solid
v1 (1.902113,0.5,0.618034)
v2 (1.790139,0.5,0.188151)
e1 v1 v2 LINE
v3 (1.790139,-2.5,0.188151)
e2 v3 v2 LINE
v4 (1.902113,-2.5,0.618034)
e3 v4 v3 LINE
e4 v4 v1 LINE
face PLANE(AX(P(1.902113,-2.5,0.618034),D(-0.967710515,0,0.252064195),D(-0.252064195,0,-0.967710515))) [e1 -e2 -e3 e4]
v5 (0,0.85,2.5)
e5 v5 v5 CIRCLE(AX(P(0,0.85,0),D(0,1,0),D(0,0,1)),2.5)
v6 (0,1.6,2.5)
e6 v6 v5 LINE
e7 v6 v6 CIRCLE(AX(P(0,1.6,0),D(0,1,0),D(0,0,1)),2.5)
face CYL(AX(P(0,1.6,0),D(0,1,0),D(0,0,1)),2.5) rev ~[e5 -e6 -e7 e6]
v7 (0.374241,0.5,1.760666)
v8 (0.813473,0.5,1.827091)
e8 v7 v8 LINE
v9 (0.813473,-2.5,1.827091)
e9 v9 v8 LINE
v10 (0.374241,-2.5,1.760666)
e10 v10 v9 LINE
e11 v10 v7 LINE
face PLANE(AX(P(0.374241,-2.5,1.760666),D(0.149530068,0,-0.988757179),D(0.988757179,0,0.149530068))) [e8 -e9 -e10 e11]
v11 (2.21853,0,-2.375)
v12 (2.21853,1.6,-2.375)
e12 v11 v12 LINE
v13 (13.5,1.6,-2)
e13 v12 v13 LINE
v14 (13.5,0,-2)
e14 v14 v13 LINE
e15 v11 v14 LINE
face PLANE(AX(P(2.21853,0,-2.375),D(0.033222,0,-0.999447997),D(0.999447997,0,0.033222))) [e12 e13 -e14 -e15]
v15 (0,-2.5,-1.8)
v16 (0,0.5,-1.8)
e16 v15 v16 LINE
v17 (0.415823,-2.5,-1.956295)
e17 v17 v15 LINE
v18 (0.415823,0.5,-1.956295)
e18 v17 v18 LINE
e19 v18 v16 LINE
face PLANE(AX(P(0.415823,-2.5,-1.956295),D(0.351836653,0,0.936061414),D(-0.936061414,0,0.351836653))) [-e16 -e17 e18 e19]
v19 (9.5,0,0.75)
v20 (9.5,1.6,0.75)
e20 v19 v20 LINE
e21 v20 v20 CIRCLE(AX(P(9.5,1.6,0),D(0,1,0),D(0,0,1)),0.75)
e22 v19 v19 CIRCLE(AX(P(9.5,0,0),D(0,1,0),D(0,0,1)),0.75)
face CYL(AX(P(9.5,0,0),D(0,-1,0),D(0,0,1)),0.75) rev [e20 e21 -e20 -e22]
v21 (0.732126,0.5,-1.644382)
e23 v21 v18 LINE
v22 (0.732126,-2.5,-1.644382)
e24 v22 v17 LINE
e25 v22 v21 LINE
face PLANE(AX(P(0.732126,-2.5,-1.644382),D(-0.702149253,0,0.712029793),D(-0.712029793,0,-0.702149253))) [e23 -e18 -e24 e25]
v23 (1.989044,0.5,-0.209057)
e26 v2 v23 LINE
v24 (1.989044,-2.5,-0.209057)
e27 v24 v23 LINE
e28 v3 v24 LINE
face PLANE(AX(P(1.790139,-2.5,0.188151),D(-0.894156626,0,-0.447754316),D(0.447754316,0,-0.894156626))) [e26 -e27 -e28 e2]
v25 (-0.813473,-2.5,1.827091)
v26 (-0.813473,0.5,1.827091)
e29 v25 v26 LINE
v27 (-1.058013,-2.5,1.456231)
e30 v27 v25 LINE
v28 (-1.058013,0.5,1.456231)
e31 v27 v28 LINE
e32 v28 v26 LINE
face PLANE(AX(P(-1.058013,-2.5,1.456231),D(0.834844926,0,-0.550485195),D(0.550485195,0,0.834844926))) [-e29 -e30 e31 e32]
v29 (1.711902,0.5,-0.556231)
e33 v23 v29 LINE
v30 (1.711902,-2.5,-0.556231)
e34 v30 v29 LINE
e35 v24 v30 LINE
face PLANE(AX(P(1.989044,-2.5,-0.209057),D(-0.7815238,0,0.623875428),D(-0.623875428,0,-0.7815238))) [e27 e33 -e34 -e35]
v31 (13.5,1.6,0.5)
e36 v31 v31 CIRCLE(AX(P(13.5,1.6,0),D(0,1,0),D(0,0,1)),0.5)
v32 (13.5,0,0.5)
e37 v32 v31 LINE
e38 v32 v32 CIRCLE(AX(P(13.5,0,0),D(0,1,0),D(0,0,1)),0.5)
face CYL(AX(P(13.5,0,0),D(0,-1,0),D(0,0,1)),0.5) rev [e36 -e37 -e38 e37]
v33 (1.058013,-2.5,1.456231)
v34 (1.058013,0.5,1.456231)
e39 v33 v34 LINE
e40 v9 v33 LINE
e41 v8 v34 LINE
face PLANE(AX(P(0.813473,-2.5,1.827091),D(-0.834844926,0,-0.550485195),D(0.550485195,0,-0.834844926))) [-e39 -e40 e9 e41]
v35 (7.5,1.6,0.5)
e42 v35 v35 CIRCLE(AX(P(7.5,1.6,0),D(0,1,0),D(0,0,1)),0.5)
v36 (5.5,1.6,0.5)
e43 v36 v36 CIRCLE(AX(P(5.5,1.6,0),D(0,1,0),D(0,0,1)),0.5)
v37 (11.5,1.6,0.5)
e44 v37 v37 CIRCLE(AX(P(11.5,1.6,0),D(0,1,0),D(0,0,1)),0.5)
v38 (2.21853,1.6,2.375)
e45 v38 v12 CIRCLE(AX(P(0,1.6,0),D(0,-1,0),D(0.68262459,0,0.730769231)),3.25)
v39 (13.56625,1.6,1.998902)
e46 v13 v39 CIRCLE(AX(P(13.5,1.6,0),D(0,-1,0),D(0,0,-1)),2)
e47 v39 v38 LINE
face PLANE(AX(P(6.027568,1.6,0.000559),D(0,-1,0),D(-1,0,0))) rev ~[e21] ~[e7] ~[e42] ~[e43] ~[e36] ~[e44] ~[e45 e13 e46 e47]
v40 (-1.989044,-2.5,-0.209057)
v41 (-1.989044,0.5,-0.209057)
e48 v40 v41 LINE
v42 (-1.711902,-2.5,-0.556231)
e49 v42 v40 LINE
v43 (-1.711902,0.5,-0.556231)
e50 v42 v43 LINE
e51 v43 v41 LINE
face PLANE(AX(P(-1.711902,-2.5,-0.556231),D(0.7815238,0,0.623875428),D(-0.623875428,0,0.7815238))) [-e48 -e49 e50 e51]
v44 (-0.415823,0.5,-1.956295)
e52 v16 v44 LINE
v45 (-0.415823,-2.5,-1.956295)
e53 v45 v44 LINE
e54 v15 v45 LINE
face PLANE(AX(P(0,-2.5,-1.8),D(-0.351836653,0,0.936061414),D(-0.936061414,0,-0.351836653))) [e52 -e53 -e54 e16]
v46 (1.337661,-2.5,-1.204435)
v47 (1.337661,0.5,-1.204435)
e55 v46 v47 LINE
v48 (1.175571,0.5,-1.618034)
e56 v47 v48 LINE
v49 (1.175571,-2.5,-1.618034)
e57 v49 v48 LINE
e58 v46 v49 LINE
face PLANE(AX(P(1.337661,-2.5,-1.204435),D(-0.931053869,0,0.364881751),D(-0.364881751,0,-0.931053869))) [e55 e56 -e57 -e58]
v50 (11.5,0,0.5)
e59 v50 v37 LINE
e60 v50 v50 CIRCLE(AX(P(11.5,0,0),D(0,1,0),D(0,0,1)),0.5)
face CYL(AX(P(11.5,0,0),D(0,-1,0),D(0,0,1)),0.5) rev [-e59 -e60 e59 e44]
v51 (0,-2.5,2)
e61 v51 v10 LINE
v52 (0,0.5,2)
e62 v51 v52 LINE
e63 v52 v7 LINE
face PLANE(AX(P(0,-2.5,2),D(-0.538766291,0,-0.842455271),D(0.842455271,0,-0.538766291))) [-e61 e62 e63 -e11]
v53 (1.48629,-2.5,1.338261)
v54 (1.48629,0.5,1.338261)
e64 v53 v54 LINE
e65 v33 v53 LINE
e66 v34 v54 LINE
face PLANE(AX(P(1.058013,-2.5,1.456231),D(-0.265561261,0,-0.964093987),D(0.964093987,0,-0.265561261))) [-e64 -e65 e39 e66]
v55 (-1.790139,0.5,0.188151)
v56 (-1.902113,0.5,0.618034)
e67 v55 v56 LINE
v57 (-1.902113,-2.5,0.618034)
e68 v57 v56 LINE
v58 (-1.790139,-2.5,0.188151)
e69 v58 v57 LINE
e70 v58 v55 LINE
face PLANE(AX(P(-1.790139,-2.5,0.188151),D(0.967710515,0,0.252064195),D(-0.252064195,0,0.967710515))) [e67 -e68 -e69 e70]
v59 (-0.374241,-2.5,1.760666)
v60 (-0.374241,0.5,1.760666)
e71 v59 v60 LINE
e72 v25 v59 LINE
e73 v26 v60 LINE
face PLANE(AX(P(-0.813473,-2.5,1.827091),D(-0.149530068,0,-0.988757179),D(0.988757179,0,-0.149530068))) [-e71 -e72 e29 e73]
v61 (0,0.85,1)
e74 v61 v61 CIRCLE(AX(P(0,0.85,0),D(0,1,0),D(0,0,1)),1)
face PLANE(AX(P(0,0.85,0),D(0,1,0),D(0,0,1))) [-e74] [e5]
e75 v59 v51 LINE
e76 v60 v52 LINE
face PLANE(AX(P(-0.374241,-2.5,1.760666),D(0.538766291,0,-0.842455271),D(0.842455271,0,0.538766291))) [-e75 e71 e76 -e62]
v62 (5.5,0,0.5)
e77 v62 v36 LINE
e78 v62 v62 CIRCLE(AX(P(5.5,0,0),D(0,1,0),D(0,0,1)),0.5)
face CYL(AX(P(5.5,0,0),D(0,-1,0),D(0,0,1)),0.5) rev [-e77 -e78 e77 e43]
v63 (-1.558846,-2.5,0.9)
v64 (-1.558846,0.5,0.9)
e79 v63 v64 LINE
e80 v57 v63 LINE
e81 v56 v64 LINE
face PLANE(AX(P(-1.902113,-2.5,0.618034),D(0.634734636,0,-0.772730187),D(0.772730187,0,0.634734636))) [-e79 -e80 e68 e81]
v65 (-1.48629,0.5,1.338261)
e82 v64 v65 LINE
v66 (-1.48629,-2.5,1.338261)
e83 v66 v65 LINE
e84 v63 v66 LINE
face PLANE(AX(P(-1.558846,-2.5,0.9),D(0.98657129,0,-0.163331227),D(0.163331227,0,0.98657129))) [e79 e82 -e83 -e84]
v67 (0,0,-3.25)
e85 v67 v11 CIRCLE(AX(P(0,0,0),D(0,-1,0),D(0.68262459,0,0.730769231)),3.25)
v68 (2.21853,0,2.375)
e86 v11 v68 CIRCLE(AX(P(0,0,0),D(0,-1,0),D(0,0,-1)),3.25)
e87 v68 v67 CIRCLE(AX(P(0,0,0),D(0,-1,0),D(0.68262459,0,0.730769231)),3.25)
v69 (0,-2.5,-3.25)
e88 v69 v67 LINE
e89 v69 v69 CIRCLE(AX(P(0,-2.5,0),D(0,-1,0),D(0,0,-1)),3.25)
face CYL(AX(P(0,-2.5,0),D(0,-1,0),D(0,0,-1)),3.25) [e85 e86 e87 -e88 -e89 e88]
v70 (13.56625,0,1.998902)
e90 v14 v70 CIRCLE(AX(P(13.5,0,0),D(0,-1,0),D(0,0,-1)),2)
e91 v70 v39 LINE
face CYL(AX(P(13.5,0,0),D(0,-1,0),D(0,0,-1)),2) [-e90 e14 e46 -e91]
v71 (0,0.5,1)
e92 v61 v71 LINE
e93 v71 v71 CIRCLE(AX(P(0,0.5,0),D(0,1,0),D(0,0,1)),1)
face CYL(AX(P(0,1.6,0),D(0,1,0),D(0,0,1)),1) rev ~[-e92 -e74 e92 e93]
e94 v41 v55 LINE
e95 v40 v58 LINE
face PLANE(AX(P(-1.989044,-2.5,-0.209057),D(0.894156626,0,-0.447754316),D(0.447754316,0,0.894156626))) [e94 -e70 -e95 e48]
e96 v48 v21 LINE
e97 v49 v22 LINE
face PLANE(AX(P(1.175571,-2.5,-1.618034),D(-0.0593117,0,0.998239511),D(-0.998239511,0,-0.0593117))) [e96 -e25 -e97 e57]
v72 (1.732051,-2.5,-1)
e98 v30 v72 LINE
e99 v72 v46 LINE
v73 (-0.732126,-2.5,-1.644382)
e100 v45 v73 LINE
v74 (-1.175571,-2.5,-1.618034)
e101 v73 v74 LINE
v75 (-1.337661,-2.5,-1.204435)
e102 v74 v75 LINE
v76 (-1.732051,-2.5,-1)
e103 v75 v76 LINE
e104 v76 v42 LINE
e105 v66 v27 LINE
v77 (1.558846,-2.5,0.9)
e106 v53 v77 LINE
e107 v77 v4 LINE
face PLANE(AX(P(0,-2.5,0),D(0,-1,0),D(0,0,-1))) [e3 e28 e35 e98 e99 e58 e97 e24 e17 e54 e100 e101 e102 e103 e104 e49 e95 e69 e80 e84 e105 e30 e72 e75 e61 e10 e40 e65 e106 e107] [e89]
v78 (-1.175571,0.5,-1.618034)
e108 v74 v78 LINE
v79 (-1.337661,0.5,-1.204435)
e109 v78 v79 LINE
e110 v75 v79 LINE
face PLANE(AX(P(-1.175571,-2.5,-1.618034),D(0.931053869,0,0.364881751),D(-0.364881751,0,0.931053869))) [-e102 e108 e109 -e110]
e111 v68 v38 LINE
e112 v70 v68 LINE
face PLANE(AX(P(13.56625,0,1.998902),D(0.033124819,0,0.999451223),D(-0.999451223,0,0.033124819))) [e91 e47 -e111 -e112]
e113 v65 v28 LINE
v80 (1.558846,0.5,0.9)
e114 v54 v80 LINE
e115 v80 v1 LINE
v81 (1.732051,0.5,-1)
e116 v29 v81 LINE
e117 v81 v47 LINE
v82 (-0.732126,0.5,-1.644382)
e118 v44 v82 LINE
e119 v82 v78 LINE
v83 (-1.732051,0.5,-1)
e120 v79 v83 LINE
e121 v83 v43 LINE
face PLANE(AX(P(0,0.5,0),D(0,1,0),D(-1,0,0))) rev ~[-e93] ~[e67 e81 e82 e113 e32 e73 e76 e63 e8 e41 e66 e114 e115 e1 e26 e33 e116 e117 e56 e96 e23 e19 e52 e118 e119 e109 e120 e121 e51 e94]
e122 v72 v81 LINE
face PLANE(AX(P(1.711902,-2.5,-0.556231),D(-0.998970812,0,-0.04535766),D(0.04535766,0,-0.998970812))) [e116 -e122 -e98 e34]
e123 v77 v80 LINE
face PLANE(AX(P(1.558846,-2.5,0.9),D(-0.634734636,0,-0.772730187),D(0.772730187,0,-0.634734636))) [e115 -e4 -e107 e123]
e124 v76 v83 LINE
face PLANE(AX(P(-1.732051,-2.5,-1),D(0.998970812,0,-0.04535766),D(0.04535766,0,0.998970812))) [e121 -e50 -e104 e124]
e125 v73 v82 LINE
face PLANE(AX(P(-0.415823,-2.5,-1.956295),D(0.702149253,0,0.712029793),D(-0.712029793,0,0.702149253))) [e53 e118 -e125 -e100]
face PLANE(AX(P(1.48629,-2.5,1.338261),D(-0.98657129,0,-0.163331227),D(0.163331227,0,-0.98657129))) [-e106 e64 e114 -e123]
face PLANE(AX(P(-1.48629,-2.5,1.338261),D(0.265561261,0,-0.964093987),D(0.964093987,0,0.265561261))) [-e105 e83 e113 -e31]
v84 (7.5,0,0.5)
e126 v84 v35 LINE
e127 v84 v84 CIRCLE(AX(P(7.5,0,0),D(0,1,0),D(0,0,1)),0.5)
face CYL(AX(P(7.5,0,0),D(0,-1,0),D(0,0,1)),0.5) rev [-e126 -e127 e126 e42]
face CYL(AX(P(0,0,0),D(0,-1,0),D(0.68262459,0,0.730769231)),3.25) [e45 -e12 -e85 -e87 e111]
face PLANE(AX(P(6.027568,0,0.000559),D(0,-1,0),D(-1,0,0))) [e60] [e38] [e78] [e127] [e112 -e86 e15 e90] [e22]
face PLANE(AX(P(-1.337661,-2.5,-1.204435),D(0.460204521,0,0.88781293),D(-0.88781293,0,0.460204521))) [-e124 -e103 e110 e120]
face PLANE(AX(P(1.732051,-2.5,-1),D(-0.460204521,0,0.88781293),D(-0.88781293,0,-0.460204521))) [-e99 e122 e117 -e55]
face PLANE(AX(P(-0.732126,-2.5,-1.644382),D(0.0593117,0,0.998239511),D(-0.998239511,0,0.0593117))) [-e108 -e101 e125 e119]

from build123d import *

# Parameters (mm, degrees)
SKETCH1_R           = 0.5
SKETCH1_R_2         = 0.75
BOSS_EXTRUDE1_DEPTH = 1.6
BOSS_EXTRUDE2_START = 2.5
SKETCH2_R           = 3.25
BOSS_EXTRUDE2_DEPTH = 2.5
SKETCH4_R           = 1
CUT_EXTRUDE1_DEPTH  = 17.359171739
CUT_EXTRUDE2_DEPTH  = 3
SKETCH3_R           = 2.5
CUT_EXTRUDE3_DEPTH  = 0.75


with BuildPart() as part:
    # Sketch1 → Boss-Extrude1 (new body)
    with BuildSketch(Plane(origin=(0, 0, 0), x_dir=(1, 0, 0), z_dir=(0, 1, 0))):
        with BuildLine():
            Line((2.218529919, 2.375), (13.5, 2))
            ThreePointArc((13.5, 2), (15.499725592, 0.033129364), (13.566249638, -1.998902445))
            Line((13.566249638, -1.998902445), (2.218529919, -2.375))
            ThreePointArc((2.218529919, -2.375), (-3.25, 0), (2.218529919, 2.375))
        make_face()
        with Locations(Location((13.5, 0, 0), (0, 0, 270))):
            Circle(SKETCH1_R, mode=Mode.SUBTRACT)
        with Locations(Location((11.5, 0, 0), (0, 0, 270))):
            Circle(SKETCH1_R, mode=Mode.SUBTRACT)
        with Locations(Location((9.5, 0, 0), (0, 0, 270))):
            Circle(SKETCH1_R_2, mode=Mode.SUBTRACT)
        with Locations(Location((7.5, 0, 0), (0, 0, 270))):
            Circle(SKETCH1_R, mode=Mode.SUBTRACT)
        with Locations(Location((5.5, 0, 0), (0, 0, 270))):
            Circle(SKETCH1_R, mode=Mode.SUBTRACT)
    extrude(amount=BOSS_EXTRUDE1_DEPTH)

    # Sketch2 → Boss-Extrude2 (add)
    with BuildSketch(Plane.XZ.offset(BOSS_EXTRUDE2_START)):
        with Locations(Location((0, 0, 0), (0, 0, 270))):
            Circle(SKETCH2_R)
    extrude(amount=-BOSS_EXTRUDE2_DEPTH)

    # Sketch4 → Cut-Extrude1 (cut, through all)
    with BuildSketch(Plane(origin=(0, 1.6, 0), x_dir=(1, 0, 0), z_dir=(0, 1, 0))):
        with Locations(Location((0, 0, 0), (0, 0, 270))):
            Circle(SKETCH4_R)
    extrude(amount=-CUT_EXTRUDE1_DEPTH, mode=Mode.SUBTRACT)

    # Sketch5 → Cut-Extrude2 (cut)
    with BuildSketch(Plane.XZ.offset(2.5)):
        Polygon((0, 2), (0.374241043, 1.760665681), (0.813473286, 1.827090915), (1.058013454, 1.45623059), (1.486289651, 1.338261213), (1.558845727, 0.9), (1.902113033, 0.618033989), (1.790139412, 0.188151234), (1.989043791, -0.209056927), (1.711901729, -0.55623059), (1.732050808, -1), (1.337660686, -1.204435091), (1.175570505, -1.618033989), (0.732125958, -1.644381824), (0.415823382, -1.956295201), (0, -1.8), (-0.415823382, -1.956295201), (-0.732125958, -1.644381824), (-1.175570505, -1.618033989), (-1.337660686, -1.204435091), (-1.732050808, -1), (-1.711901729, -0.55623059), (-1.989043791, -0.209056927), (-1.790139412, 0.188151234), (-1.902113033, 0.618033989), (-1.558845727, 0.9), (-1.486289651, 1.338261213), (-1.058013454, 1.45623059), (-0.813473286, 1.827090915), (-0.374241043, 1.760665681), align=None)
    extrude(amount=-CUT_EXTRUDE2_DEPTH, mode=Mode.SUBTRACT)

    # Sketch3 → Cut-Extrude3 (cut)
    with BuildSketch(Plane(origin=(0, 1.6, 0), x_dir=(1, 0, 0), z_dir=(0, 1, 0))):
        with Locations(Location((0, 0, 0), (0, 0, 270))):
            Circle(SKETCH3_R)
    extrude(amount=-CUT_EXTRUDE3_DEPTH, mode=Mode.SUBTRACT)


solid = part.part
